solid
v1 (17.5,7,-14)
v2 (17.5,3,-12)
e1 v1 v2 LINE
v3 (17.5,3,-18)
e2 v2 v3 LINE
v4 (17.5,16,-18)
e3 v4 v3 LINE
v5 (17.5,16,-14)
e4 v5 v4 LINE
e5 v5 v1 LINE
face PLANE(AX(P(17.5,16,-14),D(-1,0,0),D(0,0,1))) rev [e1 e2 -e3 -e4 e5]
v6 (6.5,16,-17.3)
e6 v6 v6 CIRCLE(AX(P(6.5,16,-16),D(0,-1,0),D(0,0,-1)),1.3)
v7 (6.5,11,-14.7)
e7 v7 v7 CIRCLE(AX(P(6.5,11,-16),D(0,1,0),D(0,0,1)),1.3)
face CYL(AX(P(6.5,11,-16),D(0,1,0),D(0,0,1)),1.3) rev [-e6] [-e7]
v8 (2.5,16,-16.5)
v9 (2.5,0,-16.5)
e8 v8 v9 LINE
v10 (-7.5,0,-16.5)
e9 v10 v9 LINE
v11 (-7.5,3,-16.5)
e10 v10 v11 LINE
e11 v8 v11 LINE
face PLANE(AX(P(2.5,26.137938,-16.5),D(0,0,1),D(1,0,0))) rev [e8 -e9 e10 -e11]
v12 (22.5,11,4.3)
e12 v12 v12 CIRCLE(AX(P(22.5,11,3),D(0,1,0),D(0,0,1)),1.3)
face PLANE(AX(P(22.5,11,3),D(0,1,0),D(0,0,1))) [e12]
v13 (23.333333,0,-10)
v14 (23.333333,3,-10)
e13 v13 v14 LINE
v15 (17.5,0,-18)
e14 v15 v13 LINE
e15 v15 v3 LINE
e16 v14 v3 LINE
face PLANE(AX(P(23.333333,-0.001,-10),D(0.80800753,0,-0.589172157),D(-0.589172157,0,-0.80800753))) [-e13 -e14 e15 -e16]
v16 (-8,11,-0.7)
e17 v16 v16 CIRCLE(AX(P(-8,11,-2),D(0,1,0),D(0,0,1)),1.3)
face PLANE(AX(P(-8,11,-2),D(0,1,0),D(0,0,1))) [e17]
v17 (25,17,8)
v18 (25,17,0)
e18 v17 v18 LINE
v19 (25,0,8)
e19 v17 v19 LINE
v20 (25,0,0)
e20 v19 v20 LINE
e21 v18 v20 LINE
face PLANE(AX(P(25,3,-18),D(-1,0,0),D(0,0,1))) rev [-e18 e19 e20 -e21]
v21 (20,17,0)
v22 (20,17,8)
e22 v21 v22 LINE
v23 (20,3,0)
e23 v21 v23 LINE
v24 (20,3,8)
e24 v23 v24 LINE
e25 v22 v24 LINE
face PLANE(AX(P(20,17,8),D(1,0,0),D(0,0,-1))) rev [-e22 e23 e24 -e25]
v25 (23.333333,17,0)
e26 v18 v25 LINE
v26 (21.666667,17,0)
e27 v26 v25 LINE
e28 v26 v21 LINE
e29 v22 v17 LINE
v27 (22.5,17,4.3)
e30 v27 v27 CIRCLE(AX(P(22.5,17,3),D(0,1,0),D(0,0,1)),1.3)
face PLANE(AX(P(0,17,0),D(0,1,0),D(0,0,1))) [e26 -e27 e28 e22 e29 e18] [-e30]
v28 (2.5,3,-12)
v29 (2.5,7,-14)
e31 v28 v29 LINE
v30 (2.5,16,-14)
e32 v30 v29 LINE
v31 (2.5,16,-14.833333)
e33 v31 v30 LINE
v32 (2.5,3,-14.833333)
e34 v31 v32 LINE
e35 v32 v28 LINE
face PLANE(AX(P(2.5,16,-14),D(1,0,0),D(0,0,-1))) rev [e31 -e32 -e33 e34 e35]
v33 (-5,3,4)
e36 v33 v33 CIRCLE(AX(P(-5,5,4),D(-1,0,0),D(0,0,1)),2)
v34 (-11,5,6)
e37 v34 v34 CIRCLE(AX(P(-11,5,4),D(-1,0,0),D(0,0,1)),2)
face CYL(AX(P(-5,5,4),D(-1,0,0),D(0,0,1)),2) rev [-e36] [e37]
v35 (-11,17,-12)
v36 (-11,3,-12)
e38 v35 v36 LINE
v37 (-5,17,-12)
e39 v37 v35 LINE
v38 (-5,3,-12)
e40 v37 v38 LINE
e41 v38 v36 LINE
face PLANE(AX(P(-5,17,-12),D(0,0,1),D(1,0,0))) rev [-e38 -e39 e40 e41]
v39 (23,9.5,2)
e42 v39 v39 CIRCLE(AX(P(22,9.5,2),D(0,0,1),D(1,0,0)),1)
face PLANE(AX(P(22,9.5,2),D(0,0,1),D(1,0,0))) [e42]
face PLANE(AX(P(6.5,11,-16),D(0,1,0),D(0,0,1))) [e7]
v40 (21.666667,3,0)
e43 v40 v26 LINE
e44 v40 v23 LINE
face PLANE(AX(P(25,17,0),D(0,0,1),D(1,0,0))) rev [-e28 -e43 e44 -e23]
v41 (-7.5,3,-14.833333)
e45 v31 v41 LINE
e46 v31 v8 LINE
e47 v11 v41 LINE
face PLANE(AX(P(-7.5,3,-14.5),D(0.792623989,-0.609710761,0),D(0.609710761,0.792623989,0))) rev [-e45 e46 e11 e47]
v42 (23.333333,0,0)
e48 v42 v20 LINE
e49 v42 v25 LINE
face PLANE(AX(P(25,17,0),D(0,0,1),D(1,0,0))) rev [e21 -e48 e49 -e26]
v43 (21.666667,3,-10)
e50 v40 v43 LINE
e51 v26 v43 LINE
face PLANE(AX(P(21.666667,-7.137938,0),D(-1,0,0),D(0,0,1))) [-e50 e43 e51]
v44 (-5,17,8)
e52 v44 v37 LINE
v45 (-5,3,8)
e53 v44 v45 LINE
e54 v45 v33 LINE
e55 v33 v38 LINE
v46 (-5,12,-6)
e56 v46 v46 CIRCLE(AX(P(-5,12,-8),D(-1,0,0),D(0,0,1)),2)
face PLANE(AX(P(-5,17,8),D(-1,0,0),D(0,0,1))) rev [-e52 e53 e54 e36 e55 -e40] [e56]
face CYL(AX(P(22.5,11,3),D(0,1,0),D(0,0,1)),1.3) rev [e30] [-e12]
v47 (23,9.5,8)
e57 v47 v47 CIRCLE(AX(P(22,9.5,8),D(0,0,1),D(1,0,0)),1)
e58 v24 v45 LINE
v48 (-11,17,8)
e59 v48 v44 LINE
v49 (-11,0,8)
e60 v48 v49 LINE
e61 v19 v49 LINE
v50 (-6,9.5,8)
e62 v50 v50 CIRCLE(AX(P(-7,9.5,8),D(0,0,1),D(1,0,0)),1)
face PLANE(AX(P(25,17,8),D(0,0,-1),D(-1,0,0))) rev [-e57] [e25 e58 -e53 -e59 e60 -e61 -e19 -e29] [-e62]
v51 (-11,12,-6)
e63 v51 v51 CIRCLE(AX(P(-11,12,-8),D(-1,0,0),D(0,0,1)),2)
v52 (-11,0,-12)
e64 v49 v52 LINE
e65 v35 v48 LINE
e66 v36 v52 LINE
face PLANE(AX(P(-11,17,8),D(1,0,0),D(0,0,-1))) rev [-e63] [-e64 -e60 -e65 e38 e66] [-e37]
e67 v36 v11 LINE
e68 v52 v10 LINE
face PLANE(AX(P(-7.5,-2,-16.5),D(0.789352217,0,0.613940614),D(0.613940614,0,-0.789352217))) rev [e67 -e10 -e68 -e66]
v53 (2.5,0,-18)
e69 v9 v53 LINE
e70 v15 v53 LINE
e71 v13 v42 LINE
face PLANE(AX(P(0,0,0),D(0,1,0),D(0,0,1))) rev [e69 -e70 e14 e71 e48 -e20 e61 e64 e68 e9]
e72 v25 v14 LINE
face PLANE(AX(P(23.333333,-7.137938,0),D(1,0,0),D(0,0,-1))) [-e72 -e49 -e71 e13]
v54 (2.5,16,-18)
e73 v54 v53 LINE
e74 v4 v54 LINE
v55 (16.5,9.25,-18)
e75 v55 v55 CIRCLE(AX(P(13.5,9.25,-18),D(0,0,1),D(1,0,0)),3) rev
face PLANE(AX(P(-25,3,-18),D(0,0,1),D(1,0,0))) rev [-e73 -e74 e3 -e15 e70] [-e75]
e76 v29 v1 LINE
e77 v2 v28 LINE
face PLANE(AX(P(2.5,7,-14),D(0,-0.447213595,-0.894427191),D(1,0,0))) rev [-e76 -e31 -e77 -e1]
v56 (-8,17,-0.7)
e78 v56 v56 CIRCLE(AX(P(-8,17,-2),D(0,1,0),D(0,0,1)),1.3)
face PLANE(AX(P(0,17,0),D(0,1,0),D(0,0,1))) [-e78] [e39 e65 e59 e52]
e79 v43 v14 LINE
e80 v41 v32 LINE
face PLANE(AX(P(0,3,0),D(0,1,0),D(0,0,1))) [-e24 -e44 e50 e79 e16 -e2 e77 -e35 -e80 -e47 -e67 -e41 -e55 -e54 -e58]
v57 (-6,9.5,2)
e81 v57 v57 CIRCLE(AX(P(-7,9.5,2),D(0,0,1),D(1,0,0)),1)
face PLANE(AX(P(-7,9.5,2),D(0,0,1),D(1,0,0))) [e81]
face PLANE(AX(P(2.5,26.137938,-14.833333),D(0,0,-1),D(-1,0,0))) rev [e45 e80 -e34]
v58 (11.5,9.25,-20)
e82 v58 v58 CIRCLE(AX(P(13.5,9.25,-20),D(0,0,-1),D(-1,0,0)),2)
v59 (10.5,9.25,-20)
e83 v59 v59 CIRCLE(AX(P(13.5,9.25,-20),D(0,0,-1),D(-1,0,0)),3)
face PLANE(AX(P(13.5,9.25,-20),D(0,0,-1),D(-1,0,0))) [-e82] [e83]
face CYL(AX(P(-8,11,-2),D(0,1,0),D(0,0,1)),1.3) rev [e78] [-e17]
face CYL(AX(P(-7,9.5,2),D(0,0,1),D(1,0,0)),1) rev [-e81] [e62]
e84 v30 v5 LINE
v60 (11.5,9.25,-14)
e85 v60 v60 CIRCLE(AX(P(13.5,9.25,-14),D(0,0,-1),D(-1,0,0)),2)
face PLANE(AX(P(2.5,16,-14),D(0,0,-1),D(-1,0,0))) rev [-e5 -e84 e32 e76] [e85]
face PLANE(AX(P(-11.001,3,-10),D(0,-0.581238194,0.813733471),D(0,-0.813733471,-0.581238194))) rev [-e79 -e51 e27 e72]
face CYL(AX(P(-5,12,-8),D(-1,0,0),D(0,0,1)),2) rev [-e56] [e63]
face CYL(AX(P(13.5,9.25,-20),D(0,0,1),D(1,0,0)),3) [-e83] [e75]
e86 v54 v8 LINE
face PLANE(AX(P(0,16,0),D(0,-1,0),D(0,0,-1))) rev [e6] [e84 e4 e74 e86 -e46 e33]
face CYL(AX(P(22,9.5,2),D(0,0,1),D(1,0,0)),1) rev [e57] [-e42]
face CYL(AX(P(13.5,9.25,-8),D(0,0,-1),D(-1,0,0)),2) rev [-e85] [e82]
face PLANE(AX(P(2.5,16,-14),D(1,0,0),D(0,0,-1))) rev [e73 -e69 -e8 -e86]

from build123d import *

# Parameters (mm, degrees)
SKETCH1_W           = 50
SKETCH1_H           = 36
BOSS_EXTRUDE1_DEPTH = 3
SKETCH2_W           = 5
SKETCH2_H           = 8
SKETCH2_W_2         = 6
SKETCH2_H_2         = 20
BOSS_EXTRUDE2_DEPTH = 14
SKETCH3_W           = 15
SKETCH3_H           = 4
BOSS_EXTRUDE3_DEPTH = 13
SKETCH4_R           = 3
BOSS_EXTRUDE4_DEPTH = 2
SKETCH5_R           = 2
CUT_EXTRUDE1_DEPTH  = 12
CUT_EXTRUDE2_DEPTH  = 11
SKETCH7_W           = 1.666666666
SKETCH7_H           = 10
BOSS_EXTRUDE5_DEPTH = 14
CUT_EXTRUDE3_REACH  = 45.218
CUT_EXTRUDE4_REACH  = 36.943
SKETCH10_W          = 10
SKETCH10_H          = 1.666666667
BOSS_EXTRUDE7_DEPTH = 13
CUT_EXTRUDE5_DEPTH  = 2
SKETCH12_R          = 2
CUT_EXTRUDE6_DEPTH  = 6
CHAMFER1_SIZE       = 2
CHAMFER1_SIZE2      = 4
CUT_EXTRUDE7_DEPTH  = 5
SKETCH14_R          = 1.3
CUT_EXTRUDE8_DEPTH  = 6
SKETCH15_R          = 1
CUT_EXTRUDE9_DEPTH  = 6


with BuildPart() as part:
    # Sketch1 → Boss-Extrude1 (new body)
    with BuildSketch(Plane(origin=(0, 0, 0), x_dir=(1, 0, 0), z_dir=(0, 1, 0))):
        Rectangle(SKETCH1_W, SKETCH1_H)
    extrude(amount=BOSS_EXTRUDE1_DEPTH)

    # Sketch2 → Boss-Extrude2 (add)
    with BuildSketch(Plane(origin=(0, 3, 0), x_dir=(1, 0, 0), z_dir=(0, 1, 0))):
        with Locations((22.5, -4)):
            Rectangle(SKETCH2_W, SKETCH2_H)
        with Locations((-8, 2)):
            Rectangle(SKETCH2_W_2, SKETCH2_H_2)
    extrude(amount=BOSS_EXTRUDE2_DEPTH)

    # Sketch3 → Boss-Extrude3 (add)
    with BuildSketch(Plane(origin=(0, 3, 0), x_dir=(1, 0, 0), z_dir=(0, 1, 0))):
        with Locations((10, 16)):
            Rectangle(SKETCH3_W, SKETCH3_H)
    extrude(amount=BOSS_EXTRUDE3_DEPTH)

    # Sketch4 → Boss-Extrude4 (add)
    with BuildSketch(Plane(origin=(0, 0, -18), x_dir=(-1, 0, 0), z_dir=(0, 0, -1))):
        with Locations(Location((-13.5, 9.25, 0), (0, 0, 180))):
            Circle(SKETCH4_R)
    extrude(amount=BOSS_EXTRUDE4_DEPTH)

    # Sketch5 → Cut-Extrude1 (cut)
    with BuildSketch(Plane(origin=(0, 0, -20), x_dir=(-1, 0, 0), z_dir=(0, 0, -1))):
        with Locations((-13.5, 9.25)):
            Circle(SKETCH5_R)
    extrude(amount=-CUT_EXTRUDE1_DEPTH, mode=Mode.SUBTRACT)

    # Sketch6 → Cut-Extrude2 (cut)
    with BuildSketch(Plane(origin=(0, 3, 0), x_dir=(1, 0, 0), z_dir=(0, 1, 0))):
        Polygon((-11, 12), (-11, 18), (-25, 18), (-25, -18), (25, -18), (25, -8), (-11, -8), align=None)
    extrude(amount=-CUT_EXTRUDE2_DEPTH, mode=Mode.SUBTRACT)

    # Sketch7 → Boss-Extrude5 (add)
    with BuildSketch(Plane(origin=(0, 17, 0), x_dir=(1, 0, 0), z_dir=(0, 1, 0))):
        with Locations((22.5, 5)):
            Rectangle(SKETCH7_W, SKETCH7_H)
    extrude(amount=-BOSS_EXTRUDE5_DEPTH)

    # Sketch8 → Cut-Extrude3 (cut, up to next)
    with BuildSketch(Plane(origin=(23.333333333, 0, 0), x_dir=(0, 0, -1), z_dir=(1, 0, 0)), mode=Mode.PRIVATE) as cut_extrude3_sk1:
        Polygon((10, 3), (0, 17), (10, 17), align=None)
    cut_extrude3_tool1 = extrude(cut_extrude3_sk1.sketch, amount=-CUT_EXTRUDE3_REACH, mode=Mode.PRIVATE) & part.part
    add(cut_extrude3_tool1.solids().sort_by_distance((23.333333, 12.333333, -6.666667))[0], mode=Mode.SUBTRACT)

    # Sketch9 → Cut-Extrude4 (cut, up to next)
    with BuildSketch(Plane(origin=(0, 3, 0), x_dir=(1, 0, 0), z_dir=(0, 1, 0)), mode=Mode.PRIVATE) as cut_extrude4_sk1:
        Polygon((25, 0), (23.333333333, 0), (23.333333333, 10), (17.5, 18), (25, 18), align=None)
    cut_extrude4_tool1 = extrude(cut_extrude4_sk1.sketch, amount=-CUT_EXTRUDE4_REACH, mode=Mode.PRIVATE) & part.part
    add(cut_extrude4_tool1.solids().sort_by_distance((22.951389, 3, -11.770833))[0], mode=Mode.SUBTRACT)

    # Sketch10 → Boss-Extrude7 (add)
    with BuildSketch(Plane(origin=(0, 3, 0), x_dir=(1, 0, 0), z_dir=(0, 1, 0))):
        with Locations((-2.5, 15.666666666)):
            Rectangle(SKETCH10_W, SKETCH10_H)
    extrude(amount=BOSS_EXTRUDE7_DEPTH)

    # Sketch11 → Cut-Extrude5 (cut)
    with BuildSketch(Plane(origin=(0, 0, -16.5), x_dir=(-1, 0, 0), z_dir=(0, 0, -1))):
        Polygon((7.5, 3), (-2.5, 16), (7.5, 16), align=None)
    extrude(amount=-CUT_EXTRUDE5_DEPTH, mode=Mode.SUBTRACT)

    # Sketch12 → Cut-Extrude6 (cut)
    with BuildSketch(Plane.ZY.offset(11)):
        with Locations((4, 5)):
            Circle(SKETCH12_R)
        with Locations((-8, 12)):
            Circle(SKETCH12_R)
    extrude(amount=-CUT_EXTRUDE6_DEPTH, mode=Mode.SUBTRACT)

    # Chamfer1
    chamfer1_edges = [part.edges().sort_by_distance(p)[0] for p in [
        (10, 3, -14),
    ]]
    chamfer1_side = [part.faces().sort_by_distance(p)[0] for p in [
        (7.078272128, 3, -4.239053672),
    ]]
    chamfer(chamfer1_edges, length=CHAMFER1_SIZE, length2=CHAMFER1_SIZE2, reference=chamfer1_side[0])

    # Sketch13 → Cut-Extrude7 (cut)
    with BuildSketch(Plane(origin=(0, 3, 0), x_dir=(1, 0, 0), z_dir=(0, 1, 0))):
        Polygon((-7.5, 16.5), (-11, 12), (-11, 18), (2.5, 18), (2.5, 16.5), align=None)
    extrude(amount=-CUT_EXTRUDE7_DEPTH, mode=Mode.SUBTRACT)

    # Sketch14 → Cut-Extrude8 (cut)
    with BuildSketch(Plane(origin=(0, 17, 0), x_dir=(1, 0, 0), z_dir=(0, 1, 0))):
        with Locations(Location((6.5, 16, 0), (0, 0, 270))):
            Circle(SKETCH14_R)
        with Locations(Location((-8, 2, 0), (0, 0, 270))):
            Circle(SKETCH14_R)
        with Locations(Location((22.5, -3, 0), (0, 0, 270))):
            Circle(SKETCH14_R)
    extrude(amount=-CUT_EXTRUDE8_DEPTH, mode=Mode.SUBTRACT)

    # Sketch15 → Cut-Extrude9 (cut)
    with BuildSketch(Plane.XY.offset(8)):
        with Locations((-7, 9.5)):
            Circle(SKETCH15_R)
        with Locations((22, 9.5)):
            Circle(SKETCH15_R)
    extrude(amount=-CUT_EXTRUDE9_DEPTH, mode=Mode.SUBTRACT)


solid = part.part
